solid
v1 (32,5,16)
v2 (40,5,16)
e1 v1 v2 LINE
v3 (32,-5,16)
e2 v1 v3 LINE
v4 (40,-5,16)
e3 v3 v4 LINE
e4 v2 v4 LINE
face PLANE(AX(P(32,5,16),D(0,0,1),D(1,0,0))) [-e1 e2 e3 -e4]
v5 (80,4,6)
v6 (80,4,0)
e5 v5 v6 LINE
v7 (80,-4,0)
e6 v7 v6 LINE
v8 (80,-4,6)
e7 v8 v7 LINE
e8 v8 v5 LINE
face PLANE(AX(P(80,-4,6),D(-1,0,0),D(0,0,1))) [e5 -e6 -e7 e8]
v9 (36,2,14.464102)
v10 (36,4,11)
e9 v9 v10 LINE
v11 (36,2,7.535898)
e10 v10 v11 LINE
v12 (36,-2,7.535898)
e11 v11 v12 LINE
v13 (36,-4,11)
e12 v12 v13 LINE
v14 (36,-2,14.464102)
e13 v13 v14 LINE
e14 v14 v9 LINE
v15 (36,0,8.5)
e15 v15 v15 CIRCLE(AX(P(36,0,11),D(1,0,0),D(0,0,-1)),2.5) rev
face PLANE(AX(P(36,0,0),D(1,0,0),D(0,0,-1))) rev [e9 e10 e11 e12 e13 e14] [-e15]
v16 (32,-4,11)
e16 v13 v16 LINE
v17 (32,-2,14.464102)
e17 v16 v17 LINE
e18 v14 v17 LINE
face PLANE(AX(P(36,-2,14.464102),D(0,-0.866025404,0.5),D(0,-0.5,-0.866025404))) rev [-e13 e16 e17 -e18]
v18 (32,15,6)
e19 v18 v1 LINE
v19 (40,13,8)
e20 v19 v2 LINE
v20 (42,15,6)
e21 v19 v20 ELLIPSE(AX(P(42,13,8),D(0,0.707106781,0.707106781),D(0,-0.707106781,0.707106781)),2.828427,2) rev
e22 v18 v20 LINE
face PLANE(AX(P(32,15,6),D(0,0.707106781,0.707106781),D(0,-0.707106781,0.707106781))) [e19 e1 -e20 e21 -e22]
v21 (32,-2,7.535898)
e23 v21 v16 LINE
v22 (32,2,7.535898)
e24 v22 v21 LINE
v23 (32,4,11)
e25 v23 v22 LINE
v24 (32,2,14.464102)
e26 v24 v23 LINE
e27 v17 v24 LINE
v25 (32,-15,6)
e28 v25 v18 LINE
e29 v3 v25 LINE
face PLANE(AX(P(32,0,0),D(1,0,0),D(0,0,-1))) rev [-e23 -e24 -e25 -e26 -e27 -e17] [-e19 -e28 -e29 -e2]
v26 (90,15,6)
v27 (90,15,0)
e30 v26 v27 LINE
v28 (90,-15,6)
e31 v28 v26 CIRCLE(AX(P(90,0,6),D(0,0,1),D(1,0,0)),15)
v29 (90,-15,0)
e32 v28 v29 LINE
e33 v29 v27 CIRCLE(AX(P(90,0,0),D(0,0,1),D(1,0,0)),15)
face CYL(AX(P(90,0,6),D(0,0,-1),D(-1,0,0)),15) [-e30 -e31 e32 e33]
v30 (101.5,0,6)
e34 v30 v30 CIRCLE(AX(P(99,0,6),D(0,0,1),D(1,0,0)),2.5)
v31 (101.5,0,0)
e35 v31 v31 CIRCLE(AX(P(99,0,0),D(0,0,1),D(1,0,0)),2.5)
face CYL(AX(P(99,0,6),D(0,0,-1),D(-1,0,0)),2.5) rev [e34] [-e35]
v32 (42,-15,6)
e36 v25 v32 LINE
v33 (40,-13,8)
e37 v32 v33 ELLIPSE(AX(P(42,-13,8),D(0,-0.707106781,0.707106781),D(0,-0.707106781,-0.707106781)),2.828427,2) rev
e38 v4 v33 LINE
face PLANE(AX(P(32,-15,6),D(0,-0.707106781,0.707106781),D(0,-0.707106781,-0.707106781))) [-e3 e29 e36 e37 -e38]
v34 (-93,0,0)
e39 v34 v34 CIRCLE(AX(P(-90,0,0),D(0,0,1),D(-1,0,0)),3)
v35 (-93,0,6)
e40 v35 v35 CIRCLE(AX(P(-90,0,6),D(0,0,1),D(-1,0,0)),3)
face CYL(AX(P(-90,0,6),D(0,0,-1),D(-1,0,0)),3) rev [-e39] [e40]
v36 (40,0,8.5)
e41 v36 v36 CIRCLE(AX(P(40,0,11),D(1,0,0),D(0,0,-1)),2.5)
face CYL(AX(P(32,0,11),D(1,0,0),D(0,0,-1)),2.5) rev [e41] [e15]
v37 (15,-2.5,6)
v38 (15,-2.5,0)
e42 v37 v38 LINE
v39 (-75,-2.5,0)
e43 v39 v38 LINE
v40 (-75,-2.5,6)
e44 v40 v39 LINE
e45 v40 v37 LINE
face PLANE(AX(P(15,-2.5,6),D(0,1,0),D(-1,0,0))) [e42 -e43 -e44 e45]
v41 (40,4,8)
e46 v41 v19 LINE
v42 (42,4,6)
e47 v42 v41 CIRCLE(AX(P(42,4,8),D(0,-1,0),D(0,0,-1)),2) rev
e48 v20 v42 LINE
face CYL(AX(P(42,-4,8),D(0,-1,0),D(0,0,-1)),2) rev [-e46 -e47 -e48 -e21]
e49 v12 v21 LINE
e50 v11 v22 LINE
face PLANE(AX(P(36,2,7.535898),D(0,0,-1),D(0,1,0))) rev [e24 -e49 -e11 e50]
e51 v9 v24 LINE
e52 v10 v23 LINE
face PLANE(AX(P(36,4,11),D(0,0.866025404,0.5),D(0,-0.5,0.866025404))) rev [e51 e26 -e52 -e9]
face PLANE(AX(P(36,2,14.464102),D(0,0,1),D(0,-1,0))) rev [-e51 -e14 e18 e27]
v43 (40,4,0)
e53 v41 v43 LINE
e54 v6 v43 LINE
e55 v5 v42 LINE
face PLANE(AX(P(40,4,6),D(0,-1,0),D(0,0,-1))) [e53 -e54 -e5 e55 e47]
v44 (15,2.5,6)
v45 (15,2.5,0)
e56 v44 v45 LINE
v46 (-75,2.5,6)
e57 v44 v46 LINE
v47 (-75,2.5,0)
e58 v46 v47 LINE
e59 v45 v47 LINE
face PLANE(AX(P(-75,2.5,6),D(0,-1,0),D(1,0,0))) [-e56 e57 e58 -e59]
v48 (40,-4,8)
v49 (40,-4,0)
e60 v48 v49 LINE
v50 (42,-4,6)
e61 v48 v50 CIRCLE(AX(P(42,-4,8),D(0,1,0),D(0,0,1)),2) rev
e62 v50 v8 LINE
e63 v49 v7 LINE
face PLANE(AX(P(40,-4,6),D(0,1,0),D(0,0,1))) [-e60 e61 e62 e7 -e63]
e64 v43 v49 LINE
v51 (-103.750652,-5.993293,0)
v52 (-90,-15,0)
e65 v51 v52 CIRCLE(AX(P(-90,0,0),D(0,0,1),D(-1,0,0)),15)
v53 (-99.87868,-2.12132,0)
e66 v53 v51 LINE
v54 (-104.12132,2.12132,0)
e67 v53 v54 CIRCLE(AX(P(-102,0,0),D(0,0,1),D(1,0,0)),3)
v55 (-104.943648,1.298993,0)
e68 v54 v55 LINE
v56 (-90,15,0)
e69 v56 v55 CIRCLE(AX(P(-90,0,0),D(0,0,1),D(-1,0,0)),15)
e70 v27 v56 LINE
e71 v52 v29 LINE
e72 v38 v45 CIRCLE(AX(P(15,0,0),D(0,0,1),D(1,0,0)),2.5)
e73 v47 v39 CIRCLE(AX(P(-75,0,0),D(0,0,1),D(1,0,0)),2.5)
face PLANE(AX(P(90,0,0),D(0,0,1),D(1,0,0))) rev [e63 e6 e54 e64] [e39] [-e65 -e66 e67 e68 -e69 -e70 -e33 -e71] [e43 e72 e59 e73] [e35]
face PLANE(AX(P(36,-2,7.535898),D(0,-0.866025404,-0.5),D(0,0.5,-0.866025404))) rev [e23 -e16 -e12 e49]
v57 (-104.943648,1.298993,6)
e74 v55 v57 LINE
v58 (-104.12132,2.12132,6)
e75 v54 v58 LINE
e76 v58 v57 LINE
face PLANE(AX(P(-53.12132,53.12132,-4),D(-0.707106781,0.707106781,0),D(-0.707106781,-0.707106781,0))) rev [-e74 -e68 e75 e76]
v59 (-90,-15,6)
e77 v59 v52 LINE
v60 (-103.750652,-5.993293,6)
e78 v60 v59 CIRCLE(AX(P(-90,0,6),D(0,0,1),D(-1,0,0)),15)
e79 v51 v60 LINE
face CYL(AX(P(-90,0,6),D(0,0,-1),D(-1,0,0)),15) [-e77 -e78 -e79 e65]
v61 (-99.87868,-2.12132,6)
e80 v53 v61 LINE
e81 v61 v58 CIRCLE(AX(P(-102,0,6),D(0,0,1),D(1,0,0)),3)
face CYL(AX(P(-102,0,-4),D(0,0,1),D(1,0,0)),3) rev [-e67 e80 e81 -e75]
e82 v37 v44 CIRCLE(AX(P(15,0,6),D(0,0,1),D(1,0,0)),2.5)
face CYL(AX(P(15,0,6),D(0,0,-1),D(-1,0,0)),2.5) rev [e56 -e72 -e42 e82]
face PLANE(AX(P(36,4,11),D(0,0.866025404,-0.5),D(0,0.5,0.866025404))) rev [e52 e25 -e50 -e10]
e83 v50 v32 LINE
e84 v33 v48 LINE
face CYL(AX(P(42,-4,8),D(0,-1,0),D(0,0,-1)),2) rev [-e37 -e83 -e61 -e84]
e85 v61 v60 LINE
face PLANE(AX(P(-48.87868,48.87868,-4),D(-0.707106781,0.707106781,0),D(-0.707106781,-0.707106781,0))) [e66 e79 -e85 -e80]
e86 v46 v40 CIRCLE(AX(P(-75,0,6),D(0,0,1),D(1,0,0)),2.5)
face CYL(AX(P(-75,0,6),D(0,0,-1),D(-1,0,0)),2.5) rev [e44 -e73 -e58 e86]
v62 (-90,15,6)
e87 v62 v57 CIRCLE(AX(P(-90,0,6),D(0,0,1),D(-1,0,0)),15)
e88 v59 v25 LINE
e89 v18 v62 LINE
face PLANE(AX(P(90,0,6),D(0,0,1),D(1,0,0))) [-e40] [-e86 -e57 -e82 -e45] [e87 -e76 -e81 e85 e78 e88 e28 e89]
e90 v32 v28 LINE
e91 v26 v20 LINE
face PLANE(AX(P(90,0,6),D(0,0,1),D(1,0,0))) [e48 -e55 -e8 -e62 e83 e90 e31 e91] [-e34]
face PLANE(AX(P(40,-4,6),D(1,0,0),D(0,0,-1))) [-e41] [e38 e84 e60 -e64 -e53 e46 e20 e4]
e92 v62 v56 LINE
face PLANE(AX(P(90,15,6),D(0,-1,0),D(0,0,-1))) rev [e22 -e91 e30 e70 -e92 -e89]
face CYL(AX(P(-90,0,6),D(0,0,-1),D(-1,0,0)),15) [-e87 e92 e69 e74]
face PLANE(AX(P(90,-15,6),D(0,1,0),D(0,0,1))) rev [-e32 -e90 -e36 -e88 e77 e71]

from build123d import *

# Parameters (mm, degrees)
ESQUISSE1_R             = 2.5
ESQUISSE1_R_2           = 3
ESQUISSE1_W             = 40
ESQUISSE1_H             = 8
BOSS_EXTRU_1_DEPTH      = 6
ESQUISSE2_R             = 2.5
BOSS_EXTRU_2_DEPTH      = 8
CONG_2_R                = 2
ENL_V_MAT_EXTRU_1_DEPTH = 4
ENL_V_START             = -10
ENL_V_MAT_EXTRU_4_DEPTH = 10


with BuildPart() as part:
    # Esquisse1 → Boss.-Extru.1 (new body)
    with BuildSketch(Plane.XY):
        with BuildLine():
            Line((90, -15), (-90, -15))
            ThreePointArc((-90, -15), (-105, 0), (-90, 15))
            Line((-90, 15), (90, 15))
            ThreePointArc((90, 15), (105, 0), (90, -15))
        make_face()
        with Locations((99, 0)):
            Circle(ESQUISSE1_R, mode=Mode.SUBTRACT)
        with Locations(Location((-90, 0, 0), (0, 0, 180))):
            Circle(ESQUISSE1_R_2, mode=Mode.SUBTRACT)
        with BuildLine():
            Line((15, -2.5), (-75, -2.5))
            ThreePointArc((-75, -2.5), (-77.5, 0), (-75, 2.5))
            Line((-75, 2.5), (15, 2.5))
            ThreePointArc((15, 2.5), (17.5, 0), (15, -2.5))
        make_face(mode=Mode.SUBTRACT)
        with Locations((60, 0)):
            Rectangle(ESQUISSE1_W, ESQUISSE1_H, mode=Mode.SUBTRACT)
    extrude(amount=BOSS_EXTRU_1_DEPTH)

    # Esquisse2 → Boss.-Extru.2 (add)
    with BuildSketch(Plane(origin=(40, 0, 0), x_dir=(0, 0, -1), z_dir=(1, 0, 0))):
        Polygon((-16, 5), (-16, -5), (-6, -15), (-6, -5), (-6, 5), (-6, 15), align=None)
        with Locations((-11, 0)):
            Circle(ESQUISSE2_R, mode=Mode.SUBTRACT)
    extrude(amount=-BOSS_EXTRU_2_DEPTH)

    # Congé2
    cong_2_edges = [part.edges().sort_by_distance(p)[0] for p in [
        (40, 9.5, 6),
        (40, -9.5, 6),
    ]]
    fillet(cong_2_edges, radius=CONG_2_R)

    # Esquisse3 → Enlèv. mat.-Extru.1 (cut)
    with BuildSketch(Plane.ZY.offset(-32)):
        Polygon((11, 4), (14.464101615, 2), (14.464101615, -2), (11, -4), (7.535898385, -2), (7.535898385, 2), align=None)
    extrude(amount=-ENL_V_MAT_EXTRU_1_DEPTH, mode=Mode.SUBTRACT)

    # Esquisse4 → Enlèv. mat.-Extru.4 (cut)
    with BuildSketch(Plane.XY.offset(6).offset(ENL_V_START)):
        with BuildLine():
            ThreePointArc((-105, -2.6e-08), (-103.148050285, -2.771638603), (-99.878679656, -2.121320344))
            Line((-99.878679656, -2.121320344), (-104.121320344, 2.121320344))
            ThreePointArc((-104.121320344, 2.121320344), (-104.771638603, 1.148050285), (-105, -2.6e-08))
        make_face()
        with BuildLine():
            Line((-104.121320344, 2.121320344), (-99.878679656, -2.121320344))
            ThreePointArc((-99.878679656, -2.121320344), (-99.228361402, -1.148050297), (-99, 0))
            ThreePointArc((-99, 0), (-100.851949703, 2.771638598), (-104.121320344, 2.121320344))
        make_face()
        with BuildLine():
            ThreePointArc((-105, -2.6e-08), (-104.771638603, 1.148050285), (-104.121320344, 2.121320344))
            Line((-104.121320344, 2.121320344), (-104.94364809, 1.298992597))
            ThreePointArc((-104.94364809, 1.298992597), (-104.985905401, 0.650107152), (-105, -2.6e-08))
        make_face()
        with BuildLine():
            Line((-103.750652313, -5.993293), (-99.878679656, -2.121320344))
            ThreePointArc((-99.878679656, -2.121320344), (-103.148050285, -2.771638603), (-105, -2.6e-08))
            ThreePointArc((-105, -2.6e-08), (-104.684341738, -3.061063171), (-103.750652313, -5.993293))
        make_face()
        with BuildLine():
            ThreePointArc((-105, -2.6e-08), (-103.148050285, -2.771638603), (-99.878679656, -2.121320344))
            Line((-99.878679656, -2.121320344), (-104.121320344, 2.121320344))
            ThreePointArc((-104.121320344, 2.121320344), (-104.771638603, 1.148050285), (-105, -2.6e-08))
        make_face()
        with BuildLine():
            Line((-104.121320344, 2.121320344), (-99.878679656, -2.121320344))
            ThreePointArc((-99.878679656, -2.121320344), (-99.228361402, -1.148050297), (-99, 0))
            ThreePointArc((-99, 0), (-100.851949703, 2.771638598), (-104.121320344, 2.121320344))
        make_face()
    extrude(amount=ENL_V_MAT_EXTRU_4_DEPTH, mode=Mode.SUBTRACT)


solid = part.part
